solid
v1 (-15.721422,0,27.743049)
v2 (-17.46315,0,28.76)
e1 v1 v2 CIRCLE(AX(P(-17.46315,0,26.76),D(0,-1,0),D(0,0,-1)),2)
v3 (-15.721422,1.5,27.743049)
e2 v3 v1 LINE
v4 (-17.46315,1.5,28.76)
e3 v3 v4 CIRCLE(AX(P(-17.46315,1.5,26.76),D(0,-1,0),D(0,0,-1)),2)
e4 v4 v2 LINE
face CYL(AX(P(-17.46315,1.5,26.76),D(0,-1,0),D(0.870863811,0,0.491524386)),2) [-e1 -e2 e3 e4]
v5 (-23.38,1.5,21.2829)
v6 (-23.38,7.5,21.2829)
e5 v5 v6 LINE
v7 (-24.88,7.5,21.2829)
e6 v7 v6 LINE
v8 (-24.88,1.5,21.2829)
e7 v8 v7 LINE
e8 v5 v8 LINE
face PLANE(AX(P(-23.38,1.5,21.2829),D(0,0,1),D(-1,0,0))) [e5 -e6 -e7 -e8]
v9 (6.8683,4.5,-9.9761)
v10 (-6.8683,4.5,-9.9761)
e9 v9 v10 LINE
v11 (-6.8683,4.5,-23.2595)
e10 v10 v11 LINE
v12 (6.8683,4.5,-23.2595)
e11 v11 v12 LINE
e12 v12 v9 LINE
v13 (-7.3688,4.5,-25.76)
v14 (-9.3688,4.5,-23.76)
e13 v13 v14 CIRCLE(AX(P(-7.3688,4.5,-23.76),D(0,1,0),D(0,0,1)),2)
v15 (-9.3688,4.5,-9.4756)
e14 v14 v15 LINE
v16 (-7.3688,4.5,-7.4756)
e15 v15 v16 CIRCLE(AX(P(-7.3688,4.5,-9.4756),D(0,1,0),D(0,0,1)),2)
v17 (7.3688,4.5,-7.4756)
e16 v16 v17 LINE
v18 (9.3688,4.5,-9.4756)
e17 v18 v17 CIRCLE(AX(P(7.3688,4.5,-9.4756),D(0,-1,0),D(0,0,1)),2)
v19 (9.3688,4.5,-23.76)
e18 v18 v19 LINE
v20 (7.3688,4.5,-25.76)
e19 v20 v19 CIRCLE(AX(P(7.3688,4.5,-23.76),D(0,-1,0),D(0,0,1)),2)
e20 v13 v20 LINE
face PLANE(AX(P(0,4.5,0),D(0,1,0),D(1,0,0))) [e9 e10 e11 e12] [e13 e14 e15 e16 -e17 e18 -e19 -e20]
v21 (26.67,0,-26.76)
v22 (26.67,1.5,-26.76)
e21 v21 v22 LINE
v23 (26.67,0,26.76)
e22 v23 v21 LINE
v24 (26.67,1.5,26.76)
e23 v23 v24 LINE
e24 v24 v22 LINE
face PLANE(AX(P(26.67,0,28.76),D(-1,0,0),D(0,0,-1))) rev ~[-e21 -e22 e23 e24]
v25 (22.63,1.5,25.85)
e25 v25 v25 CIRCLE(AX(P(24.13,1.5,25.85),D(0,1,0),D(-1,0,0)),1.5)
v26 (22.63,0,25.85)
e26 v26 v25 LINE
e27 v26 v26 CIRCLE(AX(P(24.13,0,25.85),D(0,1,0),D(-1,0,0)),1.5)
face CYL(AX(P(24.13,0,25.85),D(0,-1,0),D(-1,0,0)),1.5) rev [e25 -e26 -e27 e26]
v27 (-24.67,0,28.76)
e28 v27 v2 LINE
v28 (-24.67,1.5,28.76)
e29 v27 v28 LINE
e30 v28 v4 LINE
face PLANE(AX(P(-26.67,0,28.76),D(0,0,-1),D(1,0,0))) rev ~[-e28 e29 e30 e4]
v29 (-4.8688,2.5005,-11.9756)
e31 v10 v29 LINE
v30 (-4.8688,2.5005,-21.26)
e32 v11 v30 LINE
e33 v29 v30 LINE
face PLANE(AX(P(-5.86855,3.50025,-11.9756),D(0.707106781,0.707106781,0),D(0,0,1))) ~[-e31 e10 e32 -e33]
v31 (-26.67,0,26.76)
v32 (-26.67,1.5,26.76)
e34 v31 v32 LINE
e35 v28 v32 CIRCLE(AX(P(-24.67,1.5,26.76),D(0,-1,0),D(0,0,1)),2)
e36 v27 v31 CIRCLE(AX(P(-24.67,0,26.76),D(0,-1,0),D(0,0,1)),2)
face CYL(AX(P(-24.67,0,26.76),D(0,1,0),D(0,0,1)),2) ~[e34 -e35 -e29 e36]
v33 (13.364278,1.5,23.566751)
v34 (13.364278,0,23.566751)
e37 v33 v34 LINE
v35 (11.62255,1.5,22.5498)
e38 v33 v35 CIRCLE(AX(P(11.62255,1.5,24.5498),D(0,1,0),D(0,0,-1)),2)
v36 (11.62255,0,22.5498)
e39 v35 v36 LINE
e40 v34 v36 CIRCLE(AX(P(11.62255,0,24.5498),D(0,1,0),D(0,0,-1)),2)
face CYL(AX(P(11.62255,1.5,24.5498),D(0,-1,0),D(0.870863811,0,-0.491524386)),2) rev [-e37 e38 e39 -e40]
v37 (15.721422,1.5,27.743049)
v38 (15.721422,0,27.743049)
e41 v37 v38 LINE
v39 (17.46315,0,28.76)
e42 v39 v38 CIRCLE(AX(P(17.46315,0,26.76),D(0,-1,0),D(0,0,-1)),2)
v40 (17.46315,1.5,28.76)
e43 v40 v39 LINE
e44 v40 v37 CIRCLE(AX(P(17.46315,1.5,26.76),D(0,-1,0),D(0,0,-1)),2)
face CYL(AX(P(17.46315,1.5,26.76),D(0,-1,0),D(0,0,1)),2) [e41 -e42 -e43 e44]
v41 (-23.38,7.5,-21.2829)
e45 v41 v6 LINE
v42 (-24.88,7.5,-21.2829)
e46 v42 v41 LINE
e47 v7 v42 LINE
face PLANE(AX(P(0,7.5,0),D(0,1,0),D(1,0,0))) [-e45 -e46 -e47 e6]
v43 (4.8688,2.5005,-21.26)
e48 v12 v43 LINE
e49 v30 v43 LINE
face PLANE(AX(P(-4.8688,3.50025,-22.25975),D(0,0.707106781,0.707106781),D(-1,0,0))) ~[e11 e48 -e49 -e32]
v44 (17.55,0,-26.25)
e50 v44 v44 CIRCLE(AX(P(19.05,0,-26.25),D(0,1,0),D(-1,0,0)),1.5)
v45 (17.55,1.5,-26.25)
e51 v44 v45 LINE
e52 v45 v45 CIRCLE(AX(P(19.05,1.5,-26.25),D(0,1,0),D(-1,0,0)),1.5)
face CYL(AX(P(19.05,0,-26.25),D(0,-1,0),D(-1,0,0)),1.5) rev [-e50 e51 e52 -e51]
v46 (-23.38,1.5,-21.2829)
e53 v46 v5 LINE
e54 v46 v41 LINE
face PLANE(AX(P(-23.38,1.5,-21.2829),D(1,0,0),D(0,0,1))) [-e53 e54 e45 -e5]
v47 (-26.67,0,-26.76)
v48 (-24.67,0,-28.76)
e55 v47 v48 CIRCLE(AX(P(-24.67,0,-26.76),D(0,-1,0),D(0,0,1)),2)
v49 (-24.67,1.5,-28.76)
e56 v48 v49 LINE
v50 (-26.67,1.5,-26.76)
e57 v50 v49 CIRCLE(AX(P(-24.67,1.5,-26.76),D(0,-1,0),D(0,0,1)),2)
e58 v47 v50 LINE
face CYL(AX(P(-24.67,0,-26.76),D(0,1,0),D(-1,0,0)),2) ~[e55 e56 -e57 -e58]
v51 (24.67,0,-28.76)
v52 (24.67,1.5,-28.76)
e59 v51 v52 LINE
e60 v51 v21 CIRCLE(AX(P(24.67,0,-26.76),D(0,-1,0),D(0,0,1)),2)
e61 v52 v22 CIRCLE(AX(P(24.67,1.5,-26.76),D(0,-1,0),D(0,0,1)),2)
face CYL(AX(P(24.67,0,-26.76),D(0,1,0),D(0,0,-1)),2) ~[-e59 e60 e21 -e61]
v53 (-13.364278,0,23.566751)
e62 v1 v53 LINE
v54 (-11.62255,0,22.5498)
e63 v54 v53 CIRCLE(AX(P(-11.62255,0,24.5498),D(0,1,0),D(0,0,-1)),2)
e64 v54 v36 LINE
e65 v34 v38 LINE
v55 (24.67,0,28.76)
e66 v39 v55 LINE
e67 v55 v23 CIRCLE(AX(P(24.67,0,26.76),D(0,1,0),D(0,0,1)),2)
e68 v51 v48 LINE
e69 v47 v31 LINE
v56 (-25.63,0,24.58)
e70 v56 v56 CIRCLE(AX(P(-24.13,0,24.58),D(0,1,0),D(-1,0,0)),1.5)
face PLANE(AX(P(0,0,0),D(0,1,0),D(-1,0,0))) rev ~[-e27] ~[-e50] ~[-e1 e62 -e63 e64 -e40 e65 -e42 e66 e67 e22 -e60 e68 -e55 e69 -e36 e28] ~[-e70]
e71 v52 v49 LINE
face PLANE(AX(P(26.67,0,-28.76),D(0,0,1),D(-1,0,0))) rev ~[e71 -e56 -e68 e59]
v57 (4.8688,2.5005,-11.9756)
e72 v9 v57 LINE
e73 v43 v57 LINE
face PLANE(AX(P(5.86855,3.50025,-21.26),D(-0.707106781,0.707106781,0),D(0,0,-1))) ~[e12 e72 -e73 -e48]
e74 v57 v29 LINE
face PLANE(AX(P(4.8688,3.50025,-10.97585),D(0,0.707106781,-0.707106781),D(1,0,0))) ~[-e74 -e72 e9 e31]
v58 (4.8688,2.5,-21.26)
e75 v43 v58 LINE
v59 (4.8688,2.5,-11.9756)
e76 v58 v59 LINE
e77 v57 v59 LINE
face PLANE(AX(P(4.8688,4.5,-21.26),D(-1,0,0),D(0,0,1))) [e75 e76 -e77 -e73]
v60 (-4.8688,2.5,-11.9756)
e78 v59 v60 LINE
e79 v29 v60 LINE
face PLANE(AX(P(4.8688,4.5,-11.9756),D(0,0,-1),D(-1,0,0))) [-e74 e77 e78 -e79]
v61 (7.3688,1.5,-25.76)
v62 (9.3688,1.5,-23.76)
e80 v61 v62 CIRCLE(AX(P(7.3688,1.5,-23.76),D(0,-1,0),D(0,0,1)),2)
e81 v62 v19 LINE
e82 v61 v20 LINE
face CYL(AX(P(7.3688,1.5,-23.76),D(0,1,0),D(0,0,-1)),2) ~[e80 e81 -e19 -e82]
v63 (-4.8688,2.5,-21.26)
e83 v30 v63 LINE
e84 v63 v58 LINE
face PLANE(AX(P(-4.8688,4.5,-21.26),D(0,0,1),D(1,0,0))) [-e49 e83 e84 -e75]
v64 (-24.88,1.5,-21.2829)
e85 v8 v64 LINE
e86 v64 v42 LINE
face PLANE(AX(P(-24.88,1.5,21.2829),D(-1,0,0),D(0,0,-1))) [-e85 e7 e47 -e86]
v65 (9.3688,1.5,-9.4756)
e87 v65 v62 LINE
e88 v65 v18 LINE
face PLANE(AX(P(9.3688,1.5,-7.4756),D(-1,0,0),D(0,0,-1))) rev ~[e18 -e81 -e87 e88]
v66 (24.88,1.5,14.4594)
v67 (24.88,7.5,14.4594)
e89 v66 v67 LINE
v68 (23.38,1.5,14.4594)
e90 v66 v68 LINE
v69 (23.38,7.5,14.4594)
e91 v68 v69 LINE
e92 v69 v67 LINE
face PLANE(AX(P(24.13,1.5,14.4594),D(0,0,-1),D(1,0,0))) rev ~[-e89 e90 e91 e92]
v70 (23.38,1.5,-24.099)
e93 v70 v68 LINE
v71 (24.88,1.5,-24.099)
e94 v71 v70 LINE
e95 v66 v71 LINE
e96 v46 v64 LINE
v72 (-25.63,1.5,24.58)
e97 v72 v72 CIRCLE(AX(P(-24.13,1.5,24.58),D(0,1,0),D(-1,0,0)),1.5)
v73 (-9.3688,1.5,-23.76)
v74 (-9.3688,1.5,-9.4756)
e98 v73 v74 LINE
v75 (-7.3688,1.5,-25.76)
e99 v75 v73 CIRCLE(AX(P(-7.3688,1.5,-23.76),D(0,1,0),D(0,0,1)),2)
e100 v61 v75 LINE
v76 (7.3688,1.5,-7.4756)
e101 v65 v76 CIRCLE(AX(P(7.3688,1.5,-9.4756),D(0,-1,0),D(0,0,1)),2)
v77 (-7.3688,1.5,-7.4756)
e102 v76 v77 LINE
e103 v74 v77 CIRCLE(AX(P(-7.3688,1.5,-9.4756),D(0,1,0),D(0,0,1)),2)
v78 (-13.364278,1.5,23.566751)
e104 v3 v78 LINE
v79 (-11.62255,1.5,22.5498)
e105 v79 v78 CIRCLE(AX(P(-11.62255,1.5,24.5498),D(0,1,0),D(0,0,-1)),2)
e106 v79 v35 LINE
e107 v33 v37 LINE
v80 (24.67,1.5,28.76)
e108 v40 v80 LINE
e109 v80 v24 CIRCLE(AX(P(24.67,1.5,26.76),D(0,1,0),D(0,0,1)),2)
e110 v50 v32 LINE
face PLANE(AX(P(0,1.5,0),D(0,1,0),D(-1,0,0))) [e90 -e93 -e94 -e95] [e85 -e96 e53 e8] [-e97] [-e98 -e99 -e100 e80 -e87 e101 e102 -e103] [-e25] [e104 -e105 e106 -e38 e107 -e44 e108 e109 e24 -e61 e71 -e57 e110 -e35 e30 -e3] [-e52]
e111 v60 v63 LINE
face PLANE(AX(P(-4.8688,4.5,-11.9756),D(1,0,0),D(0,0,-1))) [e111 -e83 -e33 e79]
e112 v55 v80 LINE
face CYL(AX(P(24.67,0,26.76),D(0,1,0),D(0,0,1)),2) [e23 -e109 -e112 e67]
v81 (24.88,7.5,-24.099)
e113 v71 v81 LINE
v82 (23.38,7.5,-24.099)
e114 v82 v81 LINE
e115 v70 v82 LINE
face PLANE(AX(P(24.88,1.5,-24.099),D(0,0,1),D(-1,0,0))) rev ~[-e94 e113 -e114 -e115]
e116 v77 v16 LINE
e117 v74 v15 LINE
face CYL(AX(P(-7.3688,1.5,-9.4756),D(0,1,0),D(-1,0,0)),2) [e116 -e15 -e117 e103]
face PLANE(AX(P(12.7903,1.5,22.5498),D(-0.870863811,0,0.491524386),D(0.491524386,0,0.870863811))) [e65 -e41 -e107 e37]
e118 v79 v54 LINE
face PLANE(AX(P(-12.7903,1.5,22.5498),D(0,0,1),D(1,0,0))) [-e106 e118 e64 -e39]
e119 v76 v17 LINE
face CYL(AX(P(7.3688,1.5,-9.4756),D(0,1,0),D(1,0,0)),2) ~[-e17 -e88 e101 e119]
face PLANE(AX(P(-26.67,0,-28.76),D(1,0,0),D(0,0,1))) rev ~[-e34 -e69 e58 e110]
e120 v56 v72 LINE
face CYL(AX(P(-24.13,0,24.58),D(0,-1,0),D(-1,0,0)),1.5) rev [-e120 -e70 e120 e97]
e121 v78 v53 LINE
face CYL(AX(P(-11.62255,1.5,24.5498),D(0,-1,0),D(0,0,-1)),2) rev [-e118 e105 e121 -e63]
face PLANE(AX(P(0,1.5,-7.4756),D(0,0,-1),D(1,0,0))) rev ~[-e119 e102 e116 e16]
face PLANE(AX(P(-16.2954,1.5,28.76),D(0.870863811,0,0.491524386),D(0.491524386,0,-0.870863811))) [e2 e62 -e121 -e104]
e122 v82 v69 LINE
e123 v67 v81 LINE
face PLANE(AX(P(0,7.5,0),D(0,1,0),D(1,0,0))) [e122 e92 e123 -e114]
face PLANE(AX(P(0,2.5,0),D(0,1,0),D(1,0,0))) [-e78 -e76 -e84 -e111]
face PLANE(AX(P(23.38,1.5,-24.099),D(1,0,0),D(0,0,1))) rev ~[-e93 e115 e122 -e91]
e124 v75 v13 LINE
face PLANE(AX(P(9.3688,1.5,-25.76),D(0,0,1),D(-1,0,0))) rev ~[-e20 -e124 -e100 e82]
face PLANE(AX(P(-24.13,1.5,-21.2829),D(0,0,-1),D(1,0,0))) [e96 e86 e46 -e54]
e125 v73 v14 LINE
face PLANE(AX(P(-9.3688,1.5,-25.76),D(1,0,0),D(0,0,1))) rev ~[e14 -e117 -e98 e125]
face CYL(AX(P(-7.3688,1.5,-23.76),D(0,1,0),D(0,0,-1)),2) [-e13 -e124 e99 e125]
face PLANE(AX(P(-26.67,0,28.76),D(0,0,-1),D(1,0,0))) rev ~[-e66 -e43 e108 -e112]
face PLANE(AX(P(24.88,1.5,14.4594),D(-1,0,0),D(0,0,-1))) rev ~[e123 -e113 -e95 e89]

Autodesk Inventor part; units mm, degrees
ref_plane "YZ Plane" through (0, 0, 0) normal (1, 0, 0) x (0, 1, 0)
ref_plane "XZ Plane" through (0, 0, 0) normal (0, 1, 0) x (-1, 0, 0)
ref_plane "XY Plane" through (0, 0, 0) normal (0, 0, 1) x (1, 0, 0)
sketch "Sketch1" plane through (0, 0, 0) normal (0, 1, 0) x (-1, 0, 0)
  line L0 (-26.67, -28.76) -> (26.67, -28.76)
  line L1 (26.67, -28.76) -> (26.67, 28.76)
  line L2 (26.67, 28.76) -> (-26.67, 28.76)
  line L3 (-26.67, 28.76) -> (-26.67, -28.76)
  line L4 (-26.67, -28.76) -> (26.67, 28.76) construction
  line L5 (26.67, -28.76) -> (-26.67, 28.76) construction
  circle A0 centre (-24.13, 25.85) radius 1.5
  circle A1 centre (24.13, 24.58) radius 1.5
  circle A2 centre (-19.05, -26.25) radius 1.5
  point P0 (0, 0)
  point P1 (0, 0)
  dimension "d0" = 53.34
  dimension "d1" = 57.52
  dimension "d2" = 3
  dimension "d3" = 3
  dimension "d4" = 3
  dimension "d5" = 2.54
  dimension "d6" = 2.91
  dimension "d7" = 50.8
  dimension "d8" = 4.18
  dimension "d9" = 2.51
  dimension "d10" = 7.62
extrude "Extrusion1" add sketch "Sketch1" along normal blind 1.5
sketch "Sketch2" plane through (0, 1.5, 0) normal (0, 1, 0) x (1, 0, 0)
  line L0 (-26.67, 28.76) -> (-26.67, -28.76) projected
  line L1 (-26.67, -28.76) -> (26.67, -28.76) projected
  line L2 (26.67, -28.76) -> (26.67, 28.76) projected
  line L3 (26.67, 28.76) -> (-26.67, 28.76) projected
  circle A0 centre (24.13, -25.85) radius 1.5 projected
  circle A1 centre (-24.13, -24.58) radius 1.5 projected
  circle A2 centre (19.05, 26.25) radius 1.5 projected
  line L4 (-26.67, -28.76) -> (26.67, -28.76) projected
  line L5 (0, -28.76) -> (0, 28.76)
  line L6 (9.3688, 25.76) -> (-9.3688, 25.76)
  line L7 (-9.3688, 25.76) -> (-9.3688, 7.4756)
  line L8 (-9.3688, 7.4756) -> (9.3688, 7.4756)
  line L9 (9.3688, 7.4756) -> (9.3688, 25.76)
  line L10 (9.3688, 25.76) -> (-9.3688, 7.4756) construction
  line L11 (-9.3688, 25.76) -> (9.3688, 7.4756) construction
  point P0 (0, 0)
  point P1 (0, 16.6178)
  dimension "d13" = 36.0388
  dimension "d14" = 3
extrude "Extrusion2" add sketch "Sketch2" along normal blind 3 contours L6 L9 L8 L5 | L5 L8 L7 L6
sketch "Sketch3" plane through (0, 1.5, 0) normal (0, 1, 0) x (1, 0, 0)
  line L0 (9.3688, 25.76) -> (9.3688, 7.4756) projected
  line L1 (9.3688, 7.4756) -> (-9.3688, 7.4756) projected
  line L2 (-9.3688, 7.4756) -> (-9.3688, 25.76) projected
  line L3 (-9.3688, 25.76) -> (9.3688, 25.76) projected
  line L4 (-26.67, 28.76) -> (-26.67, -28.76) projected
  line L5 (-26.67, -28.76) -> (26.67, -28.76) projected
  line L6 (26.67, -28.76) -> (26.67, 28.76) projected
  line L7 (26.67, 28.76) -> (-26.67, 28.76) projected
  circle A0 centre (24.13, -25.85) radius 1.5 projected
  circle A1 centre (-24.13, -24.58) radius 1.5 projected
  circle A2 centre (19.05, 26.25) radius 1.5 projected
  circle A3 centre (24.13, -25.85) radius 1.5 projected
  line L8 (24.13, -25.85) -> (24.13, 28.76)
  line L9 (26.67, 28.76) -> (-26.67, 28.76) projected
  line L10 (-24.13, -24.58) -> (-24.13, 28.76)
  line L11 (24.88, 24.099) -> (23.38, 24.099)
  line L12 (23.38, 24.099) -> (23.38, -14.4594)
  line L13 (23.38, -14.4594) -> (24.88, -14.4594)
  line L14 (24.88, -14.4594) -> (24.88, 24.099)
  line L15 (24.88, 24.099) -> (23.38, -14.4594) construction
  line L16 (23.38, 24.099) -> (24.88, -14.4594) construction
  line L17 (-24.88, 21.2829) -> (-23.38, 21.2829)
  line L18 (-23.38, 21.2829) -> (-23.38, -21.2829)
  line L19 (-23.38, -21.2829) -> (-24.88, -21.2829)
  line L20 (-24.88, -21.2829) -> (-24.88, 21.2829)
  line L21 (-24.88, 21.2829) -> (-23.38, -21.2829) construction
  line L22 (-23.38, 21.2829) -> (-24.88, -21.2829) construction
  point P0 (0, 0)
  point P1 (24.13, 4.8198)
  point P2 (-24.13, 0)
  dimension "d17" = 1.5
  dimension "d18" = 1.5
extrude "Extrusion3" add sketch "Sketch3" along normal blind 6 contours L11 L14 L13 L8 | L8 L13 L12 L11 | L17 L18 L19 L10 | L10 L19 L20 L17
sketch "Sketch4" plane through (0, 4.5, 0) normal (0, 1, 0) x (1, 0, 0)
  line L0 (9.3688, 25.76) -> (-9.3688, 25.76) projected
  line L1 (-9.3688, 25.76) -> (-9.3688, 7.4756) projected
  line L2 (-9.3688, 7.4756) -> (9.3688, 7.4756) projected
  line L3 (9.3688, 7.4756) -> (9.3688, 25.76) projected
  line L4 (4.8688, 11.9756) -> (-4.8688, 11.9756)
  line L5 (-4.8688, 11.9756) -> (-4.8688, 21.26)
  line L6 (-4.8688, 21.26) -> (4.8688, 21.26)
  line L7 (4.8688, 21.26) -> (4.8688, 11.9756)
  point P0 (0, 0)
  dimension "d21" = 4.5
extrude "Extrusion4" cut sketch "Sketch4" against normal blind 2 contours L4 L5 L6 L7
chamfer "Chamfer1" distance 2 angle 45 4 edges at (0, 4.5, -11.9756) (-4.8688, 4.5, -16.6178) (0, 4.5, -21.26) (4.8688, 4.5, -16.6178)
sketch "Sketch5" plane through (0, 1.5, 0) normal (0, 1, 0) x (1, 0, 0)
  line L0 (-26.67, -28.76) -> (26.67, -28.76) projected
  line L1 (-16.2954, -28.76) -> (-12.7903, -22.5498)
  line L2 (-12.7903, -22.5498) -> (0, -22.5498)
  line L3 (12.7903, -22.5498) -> (16.2954, -28.76)
  line L4 (0, -28.76) -> (0, -13.7349)
  line L5 (0, -22.5498) -> (12.7903, -22.5498)
  point P0 (0, 0)
extrude "Extrusion5" cut sketch "Sketch5" against normal through all
fillet "Fillet1" radius 2 8 edges at (26.67, 0.75, -28.76) (-26.67, 0.75, -28.76) (-26.67, 0.75, 28.76) (-16.2954, 0.75, 28.76) (-12.7903, 0.75, 22.5498) (12.7903, 0.75, 22.5498) (16.2954, 0.75, 28.76) (26.67, 0.75, 28.76)
fillet "Fillet2" radius 2 4 edges at (9.3688, 3, -25.76) (9.3688, 3, -7.4756) (-9.3688, 3, -7.4756) (-9.3688, 3, -25.76)
properties part number "mti_3"
